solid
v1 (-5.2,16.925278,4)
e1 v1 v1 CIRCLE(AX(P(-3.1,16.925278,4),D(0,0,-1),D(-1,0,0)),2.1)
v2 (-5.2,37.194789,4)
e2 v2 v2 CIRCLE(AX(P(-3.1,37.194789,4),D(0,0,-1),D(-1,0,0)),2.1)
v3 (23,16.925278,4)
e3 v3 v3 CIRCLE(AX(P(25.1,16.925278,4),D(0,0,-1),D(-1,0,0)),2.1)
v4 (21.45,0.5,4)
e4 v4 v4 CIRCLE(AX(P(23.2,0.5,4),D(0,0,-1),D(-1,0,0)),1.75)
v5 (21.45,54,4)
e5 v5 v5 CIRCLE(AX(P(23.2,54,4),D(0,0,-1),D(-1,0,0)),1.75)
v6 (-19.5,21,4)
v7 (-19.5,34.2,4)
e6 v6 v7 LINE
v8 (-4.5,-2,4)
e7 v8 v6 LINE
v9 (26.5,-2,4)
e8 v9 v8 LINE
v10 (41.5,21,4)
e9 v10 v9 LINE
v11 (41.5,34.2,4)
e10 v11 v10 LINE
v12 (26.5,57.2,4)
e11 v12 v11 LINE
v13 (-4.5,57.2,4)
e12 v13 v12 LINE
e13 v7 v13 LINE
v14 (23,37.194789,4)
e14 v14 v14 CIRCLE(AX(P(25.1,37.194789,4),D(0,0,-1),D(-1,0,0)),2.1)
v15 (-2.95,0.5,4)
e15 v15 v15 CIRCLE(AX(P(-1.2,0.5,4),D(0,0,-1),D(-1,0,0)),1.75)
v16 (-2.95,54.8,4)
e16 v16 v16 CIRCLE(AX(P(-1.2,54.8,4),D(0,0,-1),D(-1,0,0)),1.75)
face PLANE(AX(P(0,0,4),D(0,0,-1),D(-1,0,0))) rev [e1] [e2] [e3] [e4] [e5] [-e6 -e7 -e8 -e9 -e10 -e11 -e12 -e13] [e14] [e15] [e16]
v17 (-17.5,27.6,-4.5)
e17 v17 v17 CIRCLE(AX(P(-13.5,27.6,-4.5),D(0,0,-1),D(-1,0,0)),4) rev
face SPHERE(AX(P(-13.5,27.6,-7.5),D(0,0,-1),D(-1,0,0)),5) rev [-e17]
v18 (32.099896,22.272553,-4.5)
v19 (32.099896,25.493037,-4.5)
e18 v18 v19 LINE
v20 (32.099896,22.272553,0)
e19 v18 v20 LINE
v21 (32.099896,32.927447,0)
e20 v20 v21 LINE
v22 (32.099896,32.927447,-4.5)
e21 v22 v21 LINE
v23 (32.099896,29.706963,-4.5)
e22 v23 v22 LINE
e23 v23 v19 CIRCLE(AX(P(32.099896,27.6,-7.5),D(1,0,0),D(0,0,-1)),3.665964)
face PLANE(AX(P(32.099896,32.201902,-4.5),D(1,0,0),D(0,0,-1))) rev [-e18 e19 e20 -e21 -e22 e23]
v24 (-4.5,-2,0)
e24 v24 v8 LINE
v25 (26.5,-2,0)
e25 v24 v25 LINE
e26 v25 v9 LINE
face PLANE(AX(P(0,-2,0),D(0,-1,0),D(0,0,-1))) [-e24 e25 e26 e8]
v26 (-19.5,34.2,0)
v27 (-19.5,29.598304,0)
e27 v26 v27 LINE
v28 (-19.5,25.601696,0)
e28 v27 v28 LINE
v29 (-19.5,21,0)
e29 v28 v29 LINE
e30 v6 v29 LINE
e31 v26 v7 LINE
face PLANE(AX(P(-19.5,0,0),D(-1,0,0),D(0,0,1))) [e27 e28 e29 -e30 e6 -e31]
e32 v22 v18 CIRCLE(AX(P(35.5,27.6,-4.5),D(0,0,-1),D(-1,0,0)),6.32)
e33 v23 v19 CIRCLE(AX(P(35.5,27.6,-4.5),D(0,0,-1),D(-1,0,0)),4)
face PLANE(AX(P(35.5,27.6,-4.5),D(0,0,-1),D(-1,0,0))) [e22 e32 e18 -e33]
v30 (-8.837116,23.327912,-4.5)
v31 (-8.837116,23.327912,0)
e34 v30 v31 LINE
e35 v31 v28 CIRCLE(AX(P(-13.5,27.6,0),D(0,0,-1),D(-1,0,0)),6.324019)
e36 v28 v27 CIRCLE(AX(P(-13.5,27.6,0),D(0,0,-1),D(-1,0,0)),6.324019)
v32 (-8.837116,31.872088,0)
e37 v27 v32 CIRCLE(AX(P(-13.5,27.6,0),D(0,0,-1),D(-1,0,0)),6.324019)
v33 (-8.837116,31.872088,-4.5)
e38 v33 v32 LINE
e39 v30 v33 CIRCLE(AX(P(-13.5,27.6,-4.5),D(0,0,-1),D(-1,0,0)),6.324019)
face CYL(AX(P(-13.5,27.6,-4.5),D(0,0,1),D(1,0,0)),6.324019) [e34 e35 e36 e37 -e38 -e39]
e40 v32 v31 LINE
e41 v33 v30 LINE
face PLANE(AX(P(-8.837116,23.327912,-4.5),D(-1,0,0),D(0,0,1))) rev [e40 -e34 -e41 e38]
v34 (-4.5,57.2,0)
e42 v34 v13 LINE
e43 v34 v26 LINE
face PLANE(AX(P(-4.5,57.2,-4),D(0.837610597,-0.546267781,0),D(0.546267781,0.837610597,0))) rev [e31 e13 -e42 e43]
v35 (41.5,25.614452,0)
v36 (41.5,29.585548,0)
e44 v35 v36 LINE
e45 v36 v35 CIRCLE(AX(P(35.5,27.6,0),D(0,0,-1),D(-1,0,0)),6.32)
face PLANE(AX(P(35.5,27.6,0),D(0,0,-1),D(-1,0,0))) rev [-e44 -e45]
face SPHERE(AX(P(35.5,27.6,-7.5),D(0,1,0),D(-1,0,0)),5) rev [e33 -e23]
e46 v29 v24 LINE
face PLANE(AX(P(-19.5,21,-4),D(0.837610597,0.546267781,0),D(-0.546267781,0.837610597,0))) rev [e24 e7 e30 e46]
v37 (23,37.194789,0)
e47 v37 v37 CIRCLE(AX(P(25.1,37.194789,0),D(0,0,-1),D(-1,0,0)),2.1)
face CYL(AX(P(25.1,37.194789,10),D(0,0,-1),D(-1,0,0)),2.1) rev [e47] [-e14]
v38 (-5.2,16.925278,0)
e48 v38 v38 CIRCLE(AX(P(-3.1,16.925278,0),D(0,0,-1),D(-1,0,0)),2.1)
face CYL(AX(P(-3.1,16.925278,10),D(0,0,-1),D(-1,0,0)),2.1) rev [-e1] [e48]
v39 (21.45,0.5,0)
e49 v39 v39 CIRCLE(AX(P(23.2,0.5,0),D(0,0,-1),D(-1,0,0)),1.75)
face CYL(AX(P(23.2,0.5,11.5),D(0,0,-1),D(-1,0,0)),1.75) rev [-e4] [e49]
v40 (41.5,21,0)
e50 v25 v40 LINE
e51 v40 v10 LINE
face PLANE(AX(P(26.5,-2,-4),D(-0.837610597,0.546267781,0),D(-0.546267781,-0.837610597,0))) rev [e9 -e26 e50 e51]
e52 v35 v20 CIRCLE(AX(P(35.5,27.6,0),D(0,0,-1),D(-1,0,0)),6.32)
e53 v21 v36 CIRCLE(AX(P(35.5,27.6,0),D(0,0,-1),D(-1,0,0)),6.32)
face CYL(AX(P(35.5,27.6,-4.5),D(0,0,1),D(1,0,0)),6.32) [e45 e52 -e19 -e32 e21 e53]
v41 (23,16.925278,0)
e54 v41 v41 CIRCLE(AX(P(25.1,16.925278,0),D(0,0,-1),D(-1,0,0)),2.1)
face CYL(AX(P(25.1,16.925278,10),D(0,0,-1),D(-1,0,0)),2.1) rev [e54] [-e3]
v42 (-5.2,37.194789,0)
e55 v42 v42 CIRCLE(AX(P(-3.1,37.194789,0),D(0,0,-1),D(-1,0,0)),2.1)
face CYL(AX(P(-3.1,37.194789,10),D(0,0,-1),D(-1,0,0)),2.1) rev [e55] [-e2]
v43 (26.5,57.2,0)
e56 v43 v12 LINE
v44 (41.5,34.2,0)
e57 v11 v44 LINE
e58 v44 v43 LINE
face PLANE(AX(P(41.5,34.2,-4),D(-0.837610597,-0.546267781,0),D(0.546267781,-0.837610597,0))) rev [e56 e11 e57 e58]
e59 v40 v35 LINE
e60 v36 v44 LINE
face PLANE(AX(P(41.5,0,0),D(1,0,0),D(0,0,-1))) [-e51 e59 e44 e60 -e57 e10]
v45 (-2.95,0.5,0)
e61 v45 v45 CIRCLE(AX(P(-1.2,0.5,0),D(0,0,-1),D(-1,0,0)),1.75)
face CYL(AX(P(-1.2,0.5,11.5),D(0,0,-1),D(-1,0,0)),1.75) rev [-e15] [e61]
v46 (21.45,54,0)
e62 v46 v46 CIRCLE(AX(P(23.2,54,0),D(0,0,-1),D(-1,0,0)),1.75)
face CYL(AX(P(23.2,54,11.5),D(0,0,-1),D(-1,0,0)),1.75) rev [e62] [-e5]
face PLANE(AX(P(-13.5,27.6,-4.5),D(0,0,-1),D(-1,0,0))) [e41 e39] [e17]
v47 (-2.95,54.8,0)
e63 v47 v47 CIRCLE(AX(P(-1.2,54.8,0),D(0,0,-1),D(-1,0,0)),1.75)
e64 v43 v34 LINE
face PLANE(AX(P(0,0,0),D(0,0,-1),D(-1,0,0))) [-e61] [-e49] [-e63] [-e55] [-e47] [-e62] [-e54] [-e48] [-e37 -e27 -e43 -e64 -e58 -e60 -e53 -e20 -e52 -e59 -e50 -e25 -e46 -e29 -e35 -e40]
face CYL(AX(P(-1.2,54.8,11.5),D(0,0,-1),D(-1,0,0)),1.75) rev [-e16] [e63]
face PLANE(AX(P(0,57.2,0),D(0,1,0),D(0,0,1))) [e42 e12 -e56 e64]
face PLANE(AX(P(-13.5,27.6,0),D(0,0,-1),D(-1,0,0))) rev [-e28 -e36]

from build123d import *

# Parameters (mm, degrees)
CROQUIS1_W               = 22
CROQUIS1_H               = 55.2
SALIENTE_EXTRUIR1_DEPTH  = 4
CROQUIS2_W               = 12.1
CROQUIS2_H               = 4
CORTAR_EXTRUIR1_DEPTH    = 9.6
CROQUIS3_W               = 12.1
CROQUIS3_H               = 4
CORTAR_EXTRUIR2_DEPTH    = 9.6
CORTAR_EXTRUIR3_DEPTH    = 16
CORTAR_EXTRUIR4_START    = -16
CORTAR_EXTRUIR4_DEPTH    = 16
CROQUIS9_W               = 11.778481694
CROQUIS9_H               = 4
CORTAR_EXTRUIR5_DEPTH    = 2
CROQUIS11_W              = 4.95
CROQUIS11_H              = 4
SALIENTE_EXTRUIR3_DEPTH  = 2
CROQUIS12_W              = 4
CROQUIS12_H              = 1.8
SALIENTE_EXTRUIR4_DEPTH  = 12.1
CROQUIS13_W              = 4.95
CROQUIS13_H              = 4
SALIENTE_EXTRUIR5_DEPTH  = 2
CROQUIS14_W              = 4
CROQUIS14_H              = 1.8
SALIENTE_EXTRUIR6_DEPTH  = 12.1
CROQUIS17_W              = 4
CROQUIS17_H              = 59.2
SALIENTE_EXTRUIR8_DEPTH  = 11.5
CROQUIS18_W              = 4
CROQUIS18_H              = 59.2
SALIENTE_EXTRUIR9_DEPTH  = 11.5
CROQUIS19_R              = 1.75
CORTAR_EXTRUIR6_DEPTH    = 11.5
CROQUIS27_W              = 12.1
CROQUIS27_H              = 55.6
CORTAR_EXTRUIR8_DEPTH    = 10
CROQUIS28_W              = 12.1
CROQUIS28_H              = 4
SALIENTE_EXTRUIR10_DEPTH = 55.6
CROQUIS33_W              = 4
CROQUIS33_H              = 59.2
SALIENTE_EXTRUIR13_DEPTH = 8
CROQUIS30_R              = 2.1
CORTAR_EXTRUIR9_DEPTH    = 10
CROQUIS32_W              = 4
CROQUIS32_H              = 59.2
SALIENTE_EXTRUIR12_DEPTH = 8
SALIENTE_EXTRUIR11_DEPTH = 4.5
CORTAR_EXTRUIR10_DEPTH   = 8


with BuildPart() as part:
    # Croquis1 → Saliente-Extruir1 (new body)
    with BuildSketch(Plane.XY):
        with Locations((11, 27.6)):
            Rectangle(CROQUIS1_W, CROQUIS1_H)
    extrude(amount=SALIENTE_EXTRUIR1_DEPTH)

    # Croquis2 → Cortar-Extruir1 (cut)
    with BuildSketch(Plane(origin=(0, 55.2, 0), x_dir=(1, 0, 0), z_dir=(0, 1, 0))):
        with Locations((11, -2)):
            Rectangle(CROQUIS2_W, CROQUIS2_H)
    extrude(amount=-CORTAR_EXTRUIR1_DEPTH, mode=Mode.SUBTRACT)

    # Croquis3 → Cortar-Extruir2 (cut)
    with BuildSketch(Plane.XZ):
        with Locations((11, 2)):
            Rectangle(CROQUIS3_W, CROQUIS3_H)
    extrude(amount=-CORTAR_EXTRUIR2_DEPTH, mode=Mode.SUBTRACT)

    # Croquis5 → Cortar-Extruir3 (cut)
    with BuildSketch(Plane.XZ.offset(-9.6)):
        with BuildLine():
            Line((7.4, 4), (14.6, 4))
            ThreePointArc((14.6, 4), (16.401151853, 1.506649462), (17.05, -1.5))
            Line((17.05, -1.5), (4.95, -1.5))
            ThreePointArc((4.95, -1.5), (5.598848147, 1.506649462), (7.4, 4))
        make_face()
    extrude(amount=-CORTAR_EXTRUIR3_DEPTH, mode=Mode.SUBTRACT)

    # Croquis7 → Cortar-Extruir4 (cut)
    with BuildSketch(Plane(origin=(0, 45.6, 0), x_dir=(1, 0, 0), z_dir=(0, 1, 0)).offset(CORTAR_EXTRUIR4_START)):
        with BuildLine():
            Line((4.95, 1.5), (17.05, 1.5))
            ThreePointArc((17.05, 1.5), (16.401151853, -1.506649462), (14.6, -4))
            Line((14.6, -4), (7.4, -4))
            ThreePointArc((7.4, -4), (5.598848147, -1.506649462), (4.95, 1.5))
        make_face()
    extrude(amount=CORTAR_EXTRUIR4_DEPTH, mode=Mode.SUBTRACT)

    # Croquis9 → Cortar-Extruir5 (cut)
    with BuildSketch(Plane(origin=(0, 0, 0), x_dir=(-1, 0, 0), z_dir=(0, 0, -1))):
        with Locations((-11, 27.6)):
            Rectangle(CROQUIS9_W, CROQUIS9_H)
    extrude(amount=-CORTAR_EXTRUIR5_DEPTH, mode=Mode.SUBTRACT)

    # Croquis11 → Saliente-Extruir3 (add)
    with BuildSketch(Plane(origin=(0, 55.2, 0), x_dir=(1, 0, 0), z_dir=(0, 1, 0))):
        with Locations((2.475, -2)):
            Rectangle(CROQUIS11_W, CROQUIS11_H)
        with Locations((19.525, -2)):
            Rectangle(CROQUIS11_W, CROQUIS11_H)
    extrude(amount=SALIENTE_EXTRUIR3_DEPTH)

    # Croquis12 → Saliente-Extruir4 (add)
    with BuildSketch(Plane(origin=(4.95, 0, 0), x_dir=(0, 0, -1), z_dir=(1, 0, 0))):
        with Locations((-2, 56.3)):
            Rectangle(CROQUIS12_W, CROQUIS12_H)
    extrude(amount=SALIENTE_EXTRUIR4_DEPTH)

    # Croquis13 → Saliente-Extruir5 (add)
    with BuildSketch(Plane.XZ):
        with Locations((19.525, 2)):
            Rectangle(CROQUIS13_W, CROQUIS13_H)
        with Locations((2.475, 2)):
            Rectangle(CROQUIS13_W, CROQUIS13_H)
    extrude(amount=SALIENTE_EXTRUIR5_DEPTH)

    # Croquis14 → Saliente-Extruir6 (add)
    with BuildSketch(Plane(origin=(4.95, 0, 0), x_dir=(0, 0, -1), z_dir=(1, 0, 0))):
        with Locations((-2, -1.1)):
            Rectangle(CROQUIS14_W, CROQUIS14_H)
    extrude(amount=SALIENTE_EXTRUIR6_DEPTH)

    # Croquis17 → Saliente-Extruir8 (add)
    with BuildSketch(Plane.ZY):
        with Locations((2, 27.6)):
            Rectangle(CROQUIS17_W, CROQUIS17_H)
    extrude(amount=SALIENTE_EXTRUIR8_DEPTH)

    # Croquis18 → Saliente-Extruir9 (add)
    with BuildSketch(Plane(origin=(22, 0, 0), x_dir=(0, 0, -1), z_dir=(1, 0, 0))):
        with Locations((-2, 27.6)):
            Rectangle(CROQUIS18_W, CROQUIS18_H)
    extrude(amount=SALIENTE_EXTRUIR9_DEPTH)

    # Croquis19 → Cortar-Extruir6 (cut)
    with BuildSketch(Plane(origin=(0, 0, 0), x_dir=(-1, 0, 0), z_dir=(0, 0, -1))):
        with Locations((-23.2, 54)):
            Circle(CROQUIS19_R)
        with Locations((1.2, 54.8)):
            Circle(CROQUIS19_R)
        with Locations((1.2, 0.5)):
            Circle(CROQUIS19_R)
        with Locations((-23.2, 0.5)):
            Circle(CROQUIS19_R)
    extrude(amount=-CORTAR_EXTRUIR6_DEPTH, mode=Mode.SUBTRACT)

    # Croquis27 → Cortar-Extruir8 (cut)
    with BuildSketch(Plane(origin=(0, 0, 0), x_dir=(-1, 0, 0), z_dir=(0, 0, -1))):
        with Locations((-11, 27.6)):
            Rectangle(CROQUIS27_W, CROQUIS27_H)
    extrude(amount=-CORTAR_EXTRUIR8_DEPTH, mode=Mode.SUBTRACT)

    # Croquis28 → Saliente-Extruir10 (add)
    with BuildSketch(Plane.XZ.offset(-55.4)):
        with Locations((11, 2)):
            Rectangle(CROQUIS28_W, CROQUIS28_H)
    extrude(amount=SALIENTE_EXTRUIR10_DEPTH)

    # Croquis33 → Saliente-Extruir13 (add)
    with BuildSketch(Plane.ZY.offset(11.5)):
        with Locations((2, 27.6)):
            Rectangle(CROQUIS33_W, CROQUIS33_H)
    extrude(amount=SALIENTE_EXTRUIR13_DEPTH)

    # Croquis30 → Cortar-Extruir9 (cut)
    with BuildSketch(Plane(origin=(0, 0, 0), x_dir=(-1, 0, 0), z_dir=(0, 0, -1))):
        with Locations((-25.1, 37.194789274)):
            Circle(CROQUIS30_R)
        with Locations((-25.1, 16.925277734)):
            Circle(CROQUIS30_R)
        with Locations((3.1, 37.194789274)):
            Circle(CROQUIS30_R)
        with Locations((3.1, 16.925277734)):
            Circle(CROQUIS30_R)
    extrude(amount=-CORTAR_EXTRUIR9_DEPTH, mode=Mode.SUBTRACT)

    # Croquis32 → Saliente-Extruir12 (add)
    with BuildSketch(Plane(origin=(33.5, 0, 0), x_dir=(0, 0, -1), z_dir=(1, 0, 0))):
        with Locations((-2, 27.6)):
            Rectangle(CROQUIS32_W, CROQUIS32_H)
    extrude(amount=SALIENTE_EXTRUIR12_DEPTH)

    # Croquis29 → Saliente-Extruir11 (add)
    with BuildSketch(Plane(origin=(0, 0, 0), x_dir=(-1, 0, 0), z_dir=(0, 0, -1))):
        with BuildLine():
            Line((-32.099895832, 32.201901781), (-32.099895832, 22.998098219))
            Line((-32.099895832, 22.998098219), (-32.099895832, 22.27255299))
            ThreePointArc((-32.099895832, 22.27255299), (-41.82, 27.6), (-32.099895832, 32.92744701))
            Line((-32.099895832, 32.92744701), (-32.099895832, 32.201901781))
        make_face()
        with BuildLine():
            Line((8.83711623, 23.32791238), (8.83711623, 31.87208762))
            ThreePointArc((8.83711623, 31.87208762), (19.824019109, 27.6), (8.83711623, 23.32791238))
        make_face()
    extrude(amount=SALIENTE_EXTRUIR11_DEPTH)

    # Croquis35 → Cortar-Revolución1 (revolve, cut)
    with BuildSketch(Plane(origin=(0, 0, -7.5), x_dir=(-1, 0, 0), z_dir=(0, 0, -1))):
        with BuildLine():
            Line((-35.5, 32.6), (-35.5, 22.6))
            ThreePointArc((-35.5, 22.6), (-40.5, 27.6), (-35.5, 32.6))
        make_face()
    revolve(axis=Axis((35.5, 32.6, -7.5), (0, -1, 0)), mode=Mode.SUBTRACT)

    # Croquis36 → Cortar-Revolución2 (revolve, cut)
    with BuildSketch(Plane(origin=(0, 0, -7.5), x_dir=(-1, 0, 0), z_dir=(0, 0, -1))):
        with BuildLine():
            Line((13.5, 32.6), (13.5, 22.6))
            ThreePointArc((13.5, 22.6), (18.5, 27.6), (13.5, 32.6))
        make_face()
    revolve(axis=Axis((-13.5, 32.6, -7.5), (0, -1, 0)), mode=Mode.SUBTRACT)

    # Croquis37 → Cortar-Extruir10 (cut)
    with BuildSketch(Plane.XY.offset(4)):
        Polygon((-19.5, 57.2), (-19.5, 34.2), (-4.5, 57.2), align=None)
        Polygon((41.5, 57.2), (26.5, 57.2), (41.5, 34.2), align=None)
        Polygon((-19.5, -2), (-19.5, 21), (-4.5, -2), align=None)
        Polygon((41.5, -2), (41.5, 21), (26.5, -2), align=None)
    extrude(amount=-CORTAR_EXTRUIR10_DEPTH, mode=Mode.SUBTRACT)


solid = part.part
